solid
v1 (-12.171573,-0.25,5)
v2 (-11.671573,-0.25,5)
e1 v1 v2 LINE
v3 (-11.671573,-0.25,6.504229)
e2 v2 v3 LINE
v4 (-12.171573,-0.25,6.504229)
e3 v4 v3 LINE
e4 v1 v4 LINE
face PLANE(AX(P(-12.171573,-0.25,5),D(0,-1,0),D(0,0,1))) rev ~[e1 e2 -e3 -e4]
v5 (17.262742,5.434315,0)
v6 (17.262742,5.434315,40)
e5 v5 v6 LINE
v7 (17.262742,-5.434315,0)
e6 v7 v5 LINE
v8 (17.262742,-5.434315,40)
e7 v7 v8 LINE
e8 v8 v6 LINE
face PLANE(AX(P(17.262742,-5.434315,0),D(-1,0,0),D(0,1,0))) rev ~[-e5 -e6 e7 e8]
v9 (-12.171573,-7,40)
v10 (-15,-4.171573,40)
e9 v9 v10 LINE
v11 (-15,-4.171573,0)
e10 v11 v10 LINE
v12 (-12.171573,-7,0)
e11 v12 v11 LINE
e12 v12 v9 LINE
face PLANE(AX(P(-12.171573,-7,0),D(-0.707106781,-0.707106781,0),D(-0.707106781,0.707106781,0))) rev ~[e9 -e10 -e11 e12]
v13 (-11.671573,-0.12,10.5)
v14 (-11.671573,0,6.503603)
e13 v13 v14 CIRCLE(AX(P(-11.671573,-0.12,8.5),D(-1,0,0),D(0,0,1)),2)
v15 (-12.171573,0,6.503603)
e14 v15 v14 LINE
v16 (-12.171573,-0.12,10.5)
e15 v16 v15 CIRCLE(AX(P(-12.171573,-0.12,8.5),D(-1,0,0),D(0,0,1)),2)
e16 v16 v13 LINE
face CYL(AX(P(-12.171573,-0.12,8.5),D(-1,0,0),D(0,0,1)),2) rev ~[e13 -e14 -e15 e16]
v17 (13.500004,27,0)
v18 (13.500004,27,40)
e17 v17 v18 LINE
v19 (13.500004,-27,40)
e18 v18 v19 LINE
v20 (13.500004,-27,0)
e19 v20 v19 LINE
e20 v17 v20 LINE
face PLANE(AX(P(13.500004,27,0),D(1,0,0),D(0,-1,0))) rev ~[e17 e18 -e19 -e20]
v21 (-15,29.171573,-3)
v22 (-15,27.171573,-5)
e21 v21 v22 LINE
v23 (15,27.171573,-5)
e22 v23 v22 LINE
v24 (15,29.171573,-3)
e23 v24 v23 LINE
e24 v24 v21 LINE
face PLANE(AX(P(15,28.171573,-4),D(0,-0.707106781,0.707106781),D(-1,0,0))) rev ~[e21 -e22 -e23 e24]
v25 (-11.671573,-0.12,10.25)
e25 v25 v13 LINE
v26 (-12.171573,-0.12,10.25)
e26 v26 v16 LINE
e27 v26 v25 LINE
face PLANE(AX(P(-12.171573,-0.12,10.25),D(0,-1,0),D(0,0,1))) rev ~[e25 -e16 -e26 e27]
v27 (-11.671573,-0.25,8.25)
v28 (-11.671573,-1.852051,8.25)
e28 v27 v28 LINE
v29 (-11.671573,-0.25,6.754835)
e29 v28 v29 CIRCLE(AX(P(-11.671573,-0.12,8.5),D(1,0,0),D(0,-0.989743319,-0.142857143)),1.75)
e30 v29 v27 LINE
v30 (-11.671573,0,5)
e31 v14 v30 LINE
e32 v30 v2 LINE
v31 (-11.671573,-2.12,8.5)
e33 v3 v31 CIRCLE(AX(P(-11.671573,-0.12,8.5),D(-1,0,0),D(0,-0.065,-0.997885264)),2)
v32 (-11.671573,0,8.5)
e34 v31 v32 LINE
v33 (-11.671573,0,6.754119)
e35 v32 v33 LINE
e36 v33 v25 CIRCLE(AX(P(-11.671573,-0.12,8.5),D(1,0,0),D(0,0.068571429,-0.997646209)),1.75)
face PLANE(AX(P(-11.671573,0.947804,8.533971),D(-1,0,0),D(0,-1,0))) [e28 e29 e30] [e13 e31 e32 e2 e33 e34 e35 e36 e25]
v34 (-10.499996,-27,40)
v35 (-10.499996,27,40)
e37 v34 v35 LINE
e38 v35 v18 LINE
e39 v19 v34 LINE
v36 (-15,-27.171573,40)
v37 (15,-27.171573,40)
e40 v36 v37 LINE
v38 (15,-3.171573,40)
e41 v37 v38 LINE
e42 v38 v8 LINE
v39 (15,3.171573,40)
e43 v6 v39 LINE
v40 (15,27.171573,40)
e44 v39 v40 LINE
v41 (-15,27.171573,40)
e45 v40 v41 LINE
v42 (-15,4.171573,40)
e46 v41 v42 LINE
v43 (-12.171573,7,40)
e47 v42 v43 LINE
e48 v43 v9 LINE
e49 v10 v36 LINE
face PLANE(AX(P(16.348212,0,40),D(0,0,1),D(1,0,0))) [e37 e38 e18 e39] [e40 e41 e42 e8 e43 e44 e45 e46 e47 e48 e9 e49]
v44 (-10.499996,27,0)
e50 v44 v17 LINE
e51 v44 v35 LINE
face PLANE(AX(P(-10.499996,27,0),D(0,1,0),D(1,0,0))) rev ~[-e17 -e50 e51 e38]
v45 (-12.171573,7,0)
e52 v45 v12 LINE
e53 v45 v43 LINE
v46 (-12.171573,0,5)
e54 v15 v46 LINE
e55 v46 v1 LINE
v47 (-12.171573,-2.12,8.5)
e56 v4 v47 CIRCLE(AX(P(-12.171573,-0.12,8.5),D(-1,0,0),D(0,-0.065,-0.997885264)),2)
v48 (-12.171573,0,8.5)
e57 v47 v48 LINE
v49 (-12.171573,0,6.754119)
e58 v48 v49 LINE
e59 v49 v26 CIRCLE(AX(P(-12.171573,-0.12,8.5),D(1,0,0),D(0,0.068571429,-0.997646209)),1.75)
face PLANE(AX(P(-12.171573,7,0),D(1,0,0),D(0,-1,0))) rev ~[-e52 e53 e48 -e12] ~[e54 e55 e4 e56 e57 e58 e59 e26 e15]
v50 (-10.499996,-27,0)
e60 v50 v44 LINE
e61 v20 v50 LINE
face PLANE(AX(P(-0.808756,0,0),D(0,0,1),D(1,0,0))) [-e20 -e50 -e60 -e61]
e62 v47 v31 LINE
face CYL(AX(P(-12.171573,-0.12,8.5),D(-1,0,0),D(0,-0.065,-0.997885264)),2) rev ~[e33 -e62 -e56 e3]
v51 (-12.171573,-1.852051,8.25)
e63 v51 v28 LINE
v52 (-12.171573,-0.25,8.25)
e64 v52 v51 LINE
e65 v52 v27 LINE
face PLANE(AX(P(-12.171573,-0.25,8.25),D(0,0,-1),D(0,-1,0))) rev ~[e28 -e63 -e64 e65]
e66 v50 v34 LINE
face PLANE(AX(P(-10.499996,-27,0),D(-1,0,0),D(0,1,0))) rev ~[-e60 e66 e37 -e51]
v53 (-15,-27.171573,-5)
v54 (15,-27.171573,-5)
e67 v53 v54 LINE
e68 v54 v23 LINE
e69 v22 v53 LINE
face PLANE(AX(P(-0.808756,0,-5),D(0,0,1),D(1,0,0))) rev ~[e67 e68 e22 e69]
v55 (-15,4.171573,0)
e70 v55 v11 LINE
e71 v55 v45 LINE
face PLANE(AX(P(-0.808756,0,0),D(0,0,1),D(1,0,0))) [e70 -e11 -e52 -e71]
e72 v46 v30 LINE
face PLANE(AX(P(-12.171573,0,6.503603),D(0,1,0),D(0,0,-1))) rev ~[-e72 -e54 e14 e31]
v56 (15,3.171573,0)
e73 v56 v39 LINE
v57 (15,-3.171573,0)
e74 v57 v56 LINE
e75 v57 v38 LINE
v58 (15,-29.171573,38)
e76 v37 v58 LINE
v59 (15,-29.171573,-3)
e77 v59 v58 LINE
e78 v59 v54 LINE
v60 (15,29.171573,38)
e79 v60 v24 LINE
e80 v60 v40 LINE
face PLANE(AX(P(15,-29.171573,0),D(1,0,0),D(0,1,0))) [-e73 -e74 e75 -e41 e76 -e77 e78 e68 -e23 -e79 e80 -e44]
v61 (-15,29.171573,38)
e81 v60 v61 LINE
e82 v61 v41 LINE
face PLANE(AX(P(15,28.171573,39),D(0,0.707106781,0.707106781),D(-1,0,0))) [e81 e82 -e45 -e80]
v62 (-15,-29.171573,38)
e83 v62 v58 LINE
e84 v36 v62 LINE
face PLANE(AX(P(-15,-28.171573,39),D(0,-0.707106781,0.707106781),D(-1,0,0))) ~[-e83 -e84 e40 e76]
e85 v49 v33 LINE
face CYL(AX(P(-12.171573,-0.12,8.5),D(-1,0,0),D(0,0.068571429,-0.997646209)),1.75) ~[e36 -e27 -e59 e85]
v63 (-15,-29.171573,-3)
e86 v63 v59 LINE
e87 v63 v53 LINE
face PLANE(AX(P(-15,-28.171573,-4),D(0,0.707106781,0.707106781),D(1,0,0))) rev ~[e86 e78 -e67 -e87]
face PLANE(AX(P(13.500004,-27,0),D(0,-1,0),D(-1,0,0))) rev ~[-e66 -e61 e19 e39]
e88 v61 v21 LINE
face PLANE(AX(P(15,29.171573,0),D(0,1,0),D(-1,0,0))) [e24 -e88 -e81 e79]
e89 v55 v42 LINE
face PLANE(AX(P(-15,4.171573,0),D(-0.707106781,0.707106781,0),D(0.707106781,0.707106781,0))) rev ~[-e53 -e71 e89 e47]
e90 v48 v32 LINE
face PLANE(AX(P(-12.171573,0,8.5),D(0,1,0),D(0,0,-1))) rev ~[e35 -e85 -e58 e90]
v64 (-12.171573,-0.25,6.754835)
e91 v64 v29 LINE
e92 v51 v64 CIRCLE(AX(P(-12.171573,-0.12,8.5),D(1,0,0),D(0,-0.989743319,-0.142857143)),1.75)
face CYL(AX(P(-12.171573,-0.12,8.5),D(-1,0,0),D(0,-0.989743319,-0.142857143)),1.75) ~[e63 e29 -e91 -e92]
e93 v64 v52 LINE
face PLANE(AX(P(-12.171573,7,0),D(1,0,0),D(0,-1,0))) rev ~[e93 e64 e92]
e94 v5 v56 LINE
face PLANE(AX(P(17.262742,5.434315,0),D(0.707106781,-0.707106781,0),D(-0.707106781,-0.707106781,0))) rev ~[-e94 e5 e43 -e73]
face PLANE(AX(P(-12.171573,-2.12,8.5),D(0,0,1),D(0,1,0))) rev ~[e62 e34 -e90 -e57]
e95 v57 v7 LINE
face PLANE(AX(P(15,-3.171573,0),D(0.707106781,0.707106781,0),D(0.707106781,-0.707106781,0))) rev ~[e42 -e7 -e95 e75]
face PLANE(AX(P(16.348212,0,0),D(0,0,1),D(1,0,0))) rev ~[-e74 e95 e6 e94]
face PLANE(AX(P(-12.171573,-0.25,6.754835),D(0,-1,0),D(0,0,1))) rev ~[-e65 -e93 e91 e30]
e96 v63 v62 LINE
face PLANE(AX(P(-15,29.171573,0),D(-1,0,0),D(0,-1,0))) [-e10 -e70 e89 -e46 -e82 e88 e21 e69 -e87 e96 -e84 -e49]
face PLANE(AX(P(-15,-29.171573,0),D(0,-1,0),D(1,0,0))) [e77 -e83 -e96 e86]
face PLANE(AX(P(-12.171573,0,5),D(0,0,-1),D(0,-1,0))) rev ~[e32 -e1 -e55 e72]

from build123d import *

# Parameters (mm, degrees)
F1_DEPTH = 40
F0_W     = 0.5
F0_H     = 12
F0_W_2   = 11.5
F0_W_3   = 12
F0_H_2   = 0.5
F0_H_3   = 14.25
F2_DEPTH = 5
F3_SIZE  = 2
F5_DEPTH = 0.5


with BuildPart() as f1:
    # F0 (on Top) → F1 (new body)
    with BuildSketch(Plane.XY):
        Polygon((17.2627416998, 5.4343145751), (15, 3.1715728753), (15, -3.1715728753), (17.2627416998, -5.4343145751), (17.2627416998, -0.5656854249), (17.2627416998, 0.5656854249), align=None)
        Polygon((-15, 29.1715728753), (-15, 4.1715728753), (-12.1715728752, 7), (-12.1715728752, 0), (-12.1715728752, -7), (-15, -4.1715728753), (-15, -29.1715728753), (15, -29.1715728753), (15, -3.1715728753), (15, 3.1715728753), (15, 29.1715728753), align=None)
        Polygon((-10.4999961331, 14.999999851), (-10.4999961331, 26.999999851), (1.5000038669, 26.999999851), (2.0000038669, 26.999999851), (13.5000038669, 26.999999851), (13.5000038669, 14.999999851), (13.5000038669, 14.499999851), (13.5000038669, 0.249999851), (13.5000038669, -0.250000149), (13.5000038669, -14.500000149), (13.5000038669, -15.000000149), (13.5000038669, -27.000000149), (2.0000038669, -27.000000149), (1.5000038669, -27.000000149), (-10.4999961331, -27.000000149), (-10.4999961331, -15.000000149), (-10.4999961331, -14.500000149), (-10.4999961331, -0.250000149), (-10.4999961331, 0.249999851), (-10.4999961331, 14.499999851), align=None, mode=Mode.SUBTRACT)
    extrude(amount=F1_DEPTH)

    # F0 (on Top) → F2 (join)
    with BuildSketch(Plane.XY):
        Polygon((-15, 29.1715728753), (-15, 4.1715728753), (-12.1715728752, 7), (-12.1715728752, 0), (-12.1715728752, -7), (-15, -4.1715728753), (-15, -29.1715728753), (15, -29.1715728753), (15, -3.1715728753), (15, 3.1715728753), (15, 29.1715728753), align=None)
        Polygon((-10.4999961331, 14.999999851), (-10.4999961331, 26.999999851), (1.5000038669, 26.999999851), (2.0000038669, 26.999999851), (13.5000038669, 26.999999851), (13.5000038669, 14.999999851), (13.5000038669, 14.499999851), (13.5000038669, 0.249999851), (13.5000038669, -0.250000149), (13.5000038669, -14.500000149), (13.5000038669, -15.000000149), (13.5000038669, -27.000000149), (2.0000038669, -27.000000149), (1.5000038669, -27.000000149), (-10.4999961331, -27.000000149), (-10.4999961331, -15.000000149), (-10.4999961331, -14.500000149), (-10.4999961331, -0.250000149), (-10.4999961331, 0.249999851), (-10.4999961331, 14.499999851), align=None, mode=Mode.SUBTRACT)
        Polygon((-12.1715728752, 7), (-15, 4.1715728753), (-15, -4.1715728753), (-12.1715728752, -7), (-12.1715728752, 0), align=None)
        with Locations((1.7500038669, -21.000000149)):
            Rectangle(F0_W, F0_H)
        with Locations((7.7500038669, -21.000000149)):
            Rectangle(F0_W_2, F0_H)
        with Locations((-4.4999961331, -21.000000149)):
            Rectangle(F0_W_3, F0_H)
        with Locations((-4.4999961331, -14.750000149)):
            Rectangle(F0_W_3, F0_H_2)
        with Locations((1.7500038669, -14.750000149)):
            Rectangle(F0_W, F0_H_2)
        with Locations((1.7500038669, -7.375000149)):
            Rectangle(F0_W, F0_H_3)
        with Locations((-4.4999961331, -7.375000149)):
            Rectangle(F0_W_3, F0_H_3)
        with Locations((7.7500038669, -7.375000149)):
            Rectangle(F0_W_2, F0_H_3)
        with Locations((7.7500038669, 7.374999851)):
            Rectangle(F0_W_2, F0_H_3)
        with Locations((-4.4999961331, 7.374999851)):
            Rectangle(F0_W_3, F0_H_3)
        with Locations((1.7500038669, -1.49e-07)):
            Rectangle(F0_W, F0_H_2)
        with Locations((1.7500038669, 7.374999851)):
            Rectangle(F0_W, F0_H_3)
        with Locations((7.7500038669, 14.749999851)):
            Rectangle(F0_W_2, F0_H_2)
        with Locations((1.7500038669, 14.749999851)):
            Rectangle(F0_W, F0_H_2)
        with Locations((-4.4999961331, 14.749999851)):
            Rectangle(F0_W_3, F0_H_2)
        with Locations((-4.4999961331, 20.999999851)):
            Rectangle(F0_W_3, F0_H)
        with Locations((7.7500038669, 20.999999851)):
            Rectangle(F0_W_2, F0_H)
        with Locations((1.7500038669, 20.999999851)):
            Rectangle(F0_W, F0_H)
        with Locations((-4.4999961331, -1.49e-07)):
            Rectangle(F0_W_3, F0_H_2)
        with Locations((7.7500038669, -1.49e-07)):
            Rectangle(F0_W_2, F0_H_2)
        with Locations((7.7500038669, -14.750000149)):
            Rectangle(F0_W_2, F0_H_2)
    extrude(amount=-F2_DEPTH)

    # F3
    f3_edges = [f1.edges().sort_by_distance(p)[0] for p in [
        (0, -29.171573, -5),
        (0, 29.171573, -5),
        (0, -29.171573, 40),
        (0, 29.171573, 40),
    ]]
    chamfer(f3_edges, length=F3_SIZE)

    # F4 (on face) → F5 (cut)
    with BuildSketch(Plane(origin=(-12.1715728752, 0, 0), x_dir=(0, -1, 0), z_dir=(-1, 0, 0))):
        with BuildLine():
            Line((0.12, 10.25), (0.12, 10.5))
            ThreePointArc((0.12, 10.5), (-1.8790989856, 8.5600270426), (0, 6.5036032458))
            Line((0, 6.5036032458), (0, 6.7541191335))
            ThreePointArc((0, 6.7541191335), (-1.6289699135, 8.5600353381), (0.12, 10.25))
        make_face()
        with BuildLine():
            Line((0, 8.5), (0, 6.7541191335))
            ThreePointArc((0, 6.7541191335), (0.1250128042, 6.7500071795), (0.25, 6.7548352513))
            Line((0.25, 6.7548352513), (0.25, 8.25))
            Line((0.25, 8.25), (1.8520508076, 8.25))
            ThreePointArc((1.8520508076, 8.25), (1.865506934, 8.3746782406), (1.87, 8.5))
            Line((1.87, 8.5), (0, 8.5))
        make_face()
        with BuildLine():
            Line((0.25, 6.7548352513), (0.25, 6.5042294721))
            ThreePointArc((0.25, 6.5042294721), (1.5794519519, 7.1325205669), (2.12, 8.5))
            Line((2.12, 8.5), (1.87, 8.5))
            ThreePointArc((1.87, 8.5), (1.865506934, 8.3746782406), (1.8520508076, 8.25))
            ThreePointArc((1.8520508076, 8.25), (1.3140216535, 7.2206203491), (0.25, 6.7548352513))
        make_face()
        with BuildLine():
            Line((0, 6.7541191335), (0, 6.5036032458))
            ThreePointArc((0, 6.5036032458), (0.1250097944, 6.5000062745), (0.25, 6.5042294721))
            Line((0.25, 6.5042294721), (0.25, 6.7548352513))
            ThreePointArc((0.25, 6.7548352513), (0.1250128042, 6.7500071795), (0, 6.7541191335))
        make_face()
        with BuildLine():
            ThreePointArc((0.25, 6.5042294721), (0.1250097944, 6.5000062745), (0, 6.5036032458))
            Line((0, 6.5036032458), (0, 5))
            Line((0, 5), (0.25, 5))
            Line((0.25, 5), (0.25, 6.5042294721))
        make_face()
    extrude(amount=-F5_DEPTH, mode=Mode.SUBTRACT)


solid = f1.part
